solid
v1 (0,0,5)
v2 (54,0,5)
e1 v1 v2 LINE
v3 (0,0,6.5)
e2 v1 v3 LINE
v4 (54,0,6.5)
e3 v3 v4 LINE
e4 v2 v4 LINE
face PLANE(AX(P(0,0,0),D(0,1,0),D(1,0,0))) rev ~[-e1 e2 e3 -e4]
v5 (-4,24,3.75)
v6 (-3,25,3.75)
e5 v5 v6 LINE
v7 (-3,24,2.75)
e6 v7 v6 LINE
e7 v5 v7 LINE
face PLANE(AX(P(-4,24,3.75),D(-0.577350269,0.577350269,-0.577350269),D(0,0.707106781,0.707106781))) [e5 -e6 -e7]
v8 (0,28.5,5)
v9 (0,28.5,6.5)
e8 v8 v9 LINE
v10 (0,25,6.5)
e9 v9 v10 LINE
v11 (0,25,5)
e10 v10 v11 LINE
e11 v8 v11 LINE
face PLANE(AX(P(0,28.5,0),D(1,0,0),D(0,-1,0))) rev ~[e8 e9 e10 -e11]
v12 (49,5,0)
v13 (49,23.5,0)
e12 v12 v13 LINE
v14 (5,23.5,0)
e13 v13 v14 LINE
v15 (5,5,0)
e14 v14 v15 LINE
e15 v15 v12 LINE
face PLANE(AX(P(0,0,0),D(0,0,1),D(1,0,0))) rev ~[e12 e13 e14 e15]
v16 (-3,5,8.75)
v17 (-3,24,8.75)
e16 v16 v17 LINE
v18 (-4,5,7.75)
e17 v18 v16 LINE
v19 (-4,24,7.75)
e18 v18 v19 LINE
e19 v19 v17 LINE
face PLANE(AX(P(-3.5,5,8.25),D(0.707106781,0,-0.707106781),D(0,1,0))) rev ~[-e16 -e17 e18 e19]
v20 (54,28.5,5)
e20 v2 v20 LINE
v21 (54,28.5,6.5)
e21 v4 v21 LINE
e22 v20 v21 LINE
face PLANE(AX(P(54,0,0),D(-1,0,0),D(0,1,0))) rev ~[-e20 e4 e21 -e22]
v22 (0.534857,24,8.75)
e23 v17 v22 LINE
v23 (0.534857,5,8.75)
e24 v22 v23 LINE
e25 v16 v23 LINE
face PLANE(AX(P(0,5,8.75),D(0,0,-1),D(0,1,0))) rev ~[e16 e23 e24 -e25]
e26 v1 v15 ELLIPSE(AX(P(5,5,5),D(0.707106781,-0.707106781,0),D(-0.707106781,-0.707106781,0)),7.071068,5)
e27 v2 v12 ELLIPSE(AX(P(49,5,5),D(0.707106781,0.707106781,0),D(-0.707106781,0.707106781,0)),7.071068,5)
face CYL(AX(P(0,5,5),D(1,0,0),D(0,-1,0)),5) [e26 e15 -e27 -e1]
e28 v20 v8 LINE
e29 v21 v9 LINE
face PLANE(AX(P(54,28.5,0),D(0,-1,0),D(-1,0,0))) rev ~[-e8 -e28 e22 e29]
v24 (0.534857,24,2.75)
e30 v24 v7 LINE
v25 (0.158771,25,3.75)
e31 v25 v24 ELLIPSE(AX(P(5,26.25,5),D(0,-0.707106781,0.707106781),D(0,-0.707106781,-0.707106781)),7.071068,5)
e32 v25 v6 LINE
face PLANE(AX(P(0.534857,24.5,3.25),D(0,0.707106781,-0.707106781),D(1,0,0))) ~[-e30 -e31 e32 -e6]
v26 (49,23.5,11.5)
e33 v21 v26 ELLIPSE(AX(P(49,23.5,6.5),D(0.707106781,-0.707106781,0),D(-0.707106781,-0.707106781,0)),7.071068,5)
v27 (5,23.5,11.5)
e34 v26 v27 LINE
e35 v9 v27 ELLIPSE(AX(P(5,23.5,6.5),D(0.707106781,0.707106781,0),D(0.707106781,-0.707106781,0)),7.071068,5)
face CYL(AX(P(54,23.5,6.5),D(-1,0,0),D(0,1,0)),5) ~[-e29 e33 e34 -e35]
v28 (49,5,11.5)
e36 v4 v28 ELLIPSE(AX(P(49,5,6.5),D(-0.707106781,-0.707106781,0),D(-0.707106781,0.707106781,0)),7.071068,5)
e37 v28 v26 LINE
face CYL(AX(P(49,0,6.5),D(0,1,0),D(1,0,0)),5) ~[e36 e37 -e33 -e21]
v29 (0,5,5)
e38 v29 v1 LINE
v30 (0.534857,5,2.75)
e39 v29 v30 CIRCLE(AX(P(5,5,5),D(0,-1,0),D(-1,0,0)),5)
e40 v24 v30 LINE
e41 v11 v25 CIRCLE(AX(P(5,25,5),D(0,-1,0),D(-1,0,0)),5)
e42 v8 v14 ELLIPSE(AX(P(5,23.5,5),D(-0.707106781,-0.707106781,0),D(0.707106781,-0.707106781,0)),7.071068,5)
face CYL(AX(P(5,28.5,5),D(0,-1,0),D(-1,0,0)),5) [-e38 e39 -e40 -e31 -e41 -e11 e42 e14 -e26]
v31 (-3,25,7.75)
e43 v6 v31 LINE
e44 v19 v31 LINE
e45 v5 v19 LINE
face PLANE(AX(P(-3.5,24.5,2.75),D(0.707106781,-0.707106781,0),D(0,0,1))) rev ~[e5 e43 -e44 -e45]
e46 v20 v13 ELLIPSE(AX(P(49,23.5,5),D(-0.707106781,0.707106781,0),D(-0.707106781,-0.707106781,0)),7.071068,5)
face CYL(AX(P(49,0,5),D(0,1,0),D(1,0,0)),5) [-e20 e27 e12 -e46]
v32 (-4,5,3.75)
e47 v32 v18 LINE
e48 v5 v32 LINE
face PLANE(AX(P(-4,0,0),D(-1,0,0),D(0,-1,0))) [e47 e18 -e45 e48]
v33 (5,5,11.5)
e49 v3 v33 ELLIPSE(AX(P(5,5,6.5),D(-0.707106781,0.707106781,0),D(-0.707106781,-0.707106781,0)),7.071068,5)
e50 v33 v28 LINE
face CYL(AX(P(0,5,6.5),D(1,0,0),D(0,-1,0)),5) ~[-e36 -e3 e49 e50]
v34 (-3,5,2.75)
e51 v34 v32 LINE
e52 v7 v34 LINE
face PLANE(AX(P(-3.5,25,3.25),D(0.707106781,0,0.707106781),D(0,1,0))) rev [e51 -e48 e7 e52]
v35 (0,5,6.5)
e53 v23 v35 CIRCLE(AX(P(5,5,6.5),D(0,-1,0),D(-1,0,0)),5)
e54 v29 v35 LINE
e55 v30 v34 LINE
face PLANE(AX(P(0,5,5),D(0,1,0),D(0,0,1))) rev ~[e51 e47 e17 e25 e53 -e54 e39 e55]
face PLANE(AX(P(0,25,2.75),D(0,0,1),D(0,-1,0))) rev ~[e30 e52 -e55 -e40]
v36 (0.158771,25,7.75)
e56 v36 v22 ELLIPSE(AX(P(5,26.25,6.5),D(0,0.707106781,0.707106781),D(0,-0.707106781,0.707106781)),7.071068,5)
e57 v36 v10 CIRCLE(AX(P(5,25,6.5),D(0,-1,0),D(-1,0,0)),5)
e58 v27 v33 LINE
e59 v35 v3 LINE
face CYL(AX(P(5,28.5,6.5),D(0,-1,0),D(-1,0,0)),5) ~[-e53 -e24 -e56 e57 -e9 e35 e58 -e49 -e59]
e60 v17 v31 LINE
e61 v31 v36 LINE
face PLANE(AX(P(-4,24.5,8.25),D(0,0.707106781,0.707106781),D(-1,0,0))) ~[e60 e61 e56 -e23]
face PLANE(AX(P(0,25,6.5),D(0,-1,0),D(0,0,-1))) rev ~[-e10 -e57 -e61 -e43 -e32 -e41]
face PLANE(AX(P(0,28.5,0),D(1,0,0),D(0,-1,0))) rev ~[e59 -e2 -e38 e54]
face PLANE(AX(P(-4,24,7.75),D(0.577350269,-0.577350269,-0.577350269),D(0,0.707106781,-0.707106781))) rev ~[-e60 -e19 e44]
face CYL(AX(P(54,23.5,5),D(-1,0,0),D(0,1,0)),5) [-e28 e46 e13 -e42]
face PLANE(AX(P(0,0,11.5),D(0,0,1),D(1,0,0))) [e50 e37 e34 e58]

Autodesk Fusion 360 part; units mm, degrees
sketch "Boceto1" plane through (0, 0, 0) normal (0, 0, 1) x (1, 0, 0)
  line L0 (0, 0) -> (54, 0)
  line L1 (54, 0) -> (54, 28.5)
  line L2 (54, 28.5) -> (0, 28.5)
  line L3 (0, 28.5) -> (0, 0)
  dimension "d1" = 54
  dimension "d2" = 28.5
extrude "Extruir1" add sketch "Boceto1" along normal blind 11.5
fillet "Empalme1" radius 5 2 faces at (18, 9.5, 11.5) (18, 9.5, 0)
sketch "Boceto2" plane through (0, 0, 0) normal (-1, 0, 0) x (0, -1, 0)
  line L0 (-28.5, 5) -> (0, 5)
  line L1 (0, 5) -> (0, 6.5)
  line L2 (0, 6.5) -> (-28.5, 6.5)
  line L3 (-28.5, 6.5) -> (-28.5, 5)
  line L4 (-25, 2.75) -> (-5, 2.75)
  line L5 (-5, 2.75) -> (-5, 8.75)
  line L6 (-5, 8.75) -> (-25, 8.75)
  line L7 (-25, 8.75) -> (-25, 2.75)
  dimension "d7" = 5
  dimension "d8" = 20
  dimension "d9" = 6
  dimension "d10" = 2.75
extrude "Extruir2" add sketch "Boceto2" along normal blind 4 and the other way blind 1 contours L0 L2 L5 L7 | L0 L4 L5 L7 | L2 L5 L6 L7
chamfer "Chaflán1" distance 1 angle 45 5 edges at (-1.7326, 25, 8.75) (-1.7326, 25, 2.75) (-4, 15, 8.75) (-4, 15, 2.75) (-4, 25, 5.75)
equation "d10 = ( ( 11.5 - 6 ) / 2 ) * 1 mm"
